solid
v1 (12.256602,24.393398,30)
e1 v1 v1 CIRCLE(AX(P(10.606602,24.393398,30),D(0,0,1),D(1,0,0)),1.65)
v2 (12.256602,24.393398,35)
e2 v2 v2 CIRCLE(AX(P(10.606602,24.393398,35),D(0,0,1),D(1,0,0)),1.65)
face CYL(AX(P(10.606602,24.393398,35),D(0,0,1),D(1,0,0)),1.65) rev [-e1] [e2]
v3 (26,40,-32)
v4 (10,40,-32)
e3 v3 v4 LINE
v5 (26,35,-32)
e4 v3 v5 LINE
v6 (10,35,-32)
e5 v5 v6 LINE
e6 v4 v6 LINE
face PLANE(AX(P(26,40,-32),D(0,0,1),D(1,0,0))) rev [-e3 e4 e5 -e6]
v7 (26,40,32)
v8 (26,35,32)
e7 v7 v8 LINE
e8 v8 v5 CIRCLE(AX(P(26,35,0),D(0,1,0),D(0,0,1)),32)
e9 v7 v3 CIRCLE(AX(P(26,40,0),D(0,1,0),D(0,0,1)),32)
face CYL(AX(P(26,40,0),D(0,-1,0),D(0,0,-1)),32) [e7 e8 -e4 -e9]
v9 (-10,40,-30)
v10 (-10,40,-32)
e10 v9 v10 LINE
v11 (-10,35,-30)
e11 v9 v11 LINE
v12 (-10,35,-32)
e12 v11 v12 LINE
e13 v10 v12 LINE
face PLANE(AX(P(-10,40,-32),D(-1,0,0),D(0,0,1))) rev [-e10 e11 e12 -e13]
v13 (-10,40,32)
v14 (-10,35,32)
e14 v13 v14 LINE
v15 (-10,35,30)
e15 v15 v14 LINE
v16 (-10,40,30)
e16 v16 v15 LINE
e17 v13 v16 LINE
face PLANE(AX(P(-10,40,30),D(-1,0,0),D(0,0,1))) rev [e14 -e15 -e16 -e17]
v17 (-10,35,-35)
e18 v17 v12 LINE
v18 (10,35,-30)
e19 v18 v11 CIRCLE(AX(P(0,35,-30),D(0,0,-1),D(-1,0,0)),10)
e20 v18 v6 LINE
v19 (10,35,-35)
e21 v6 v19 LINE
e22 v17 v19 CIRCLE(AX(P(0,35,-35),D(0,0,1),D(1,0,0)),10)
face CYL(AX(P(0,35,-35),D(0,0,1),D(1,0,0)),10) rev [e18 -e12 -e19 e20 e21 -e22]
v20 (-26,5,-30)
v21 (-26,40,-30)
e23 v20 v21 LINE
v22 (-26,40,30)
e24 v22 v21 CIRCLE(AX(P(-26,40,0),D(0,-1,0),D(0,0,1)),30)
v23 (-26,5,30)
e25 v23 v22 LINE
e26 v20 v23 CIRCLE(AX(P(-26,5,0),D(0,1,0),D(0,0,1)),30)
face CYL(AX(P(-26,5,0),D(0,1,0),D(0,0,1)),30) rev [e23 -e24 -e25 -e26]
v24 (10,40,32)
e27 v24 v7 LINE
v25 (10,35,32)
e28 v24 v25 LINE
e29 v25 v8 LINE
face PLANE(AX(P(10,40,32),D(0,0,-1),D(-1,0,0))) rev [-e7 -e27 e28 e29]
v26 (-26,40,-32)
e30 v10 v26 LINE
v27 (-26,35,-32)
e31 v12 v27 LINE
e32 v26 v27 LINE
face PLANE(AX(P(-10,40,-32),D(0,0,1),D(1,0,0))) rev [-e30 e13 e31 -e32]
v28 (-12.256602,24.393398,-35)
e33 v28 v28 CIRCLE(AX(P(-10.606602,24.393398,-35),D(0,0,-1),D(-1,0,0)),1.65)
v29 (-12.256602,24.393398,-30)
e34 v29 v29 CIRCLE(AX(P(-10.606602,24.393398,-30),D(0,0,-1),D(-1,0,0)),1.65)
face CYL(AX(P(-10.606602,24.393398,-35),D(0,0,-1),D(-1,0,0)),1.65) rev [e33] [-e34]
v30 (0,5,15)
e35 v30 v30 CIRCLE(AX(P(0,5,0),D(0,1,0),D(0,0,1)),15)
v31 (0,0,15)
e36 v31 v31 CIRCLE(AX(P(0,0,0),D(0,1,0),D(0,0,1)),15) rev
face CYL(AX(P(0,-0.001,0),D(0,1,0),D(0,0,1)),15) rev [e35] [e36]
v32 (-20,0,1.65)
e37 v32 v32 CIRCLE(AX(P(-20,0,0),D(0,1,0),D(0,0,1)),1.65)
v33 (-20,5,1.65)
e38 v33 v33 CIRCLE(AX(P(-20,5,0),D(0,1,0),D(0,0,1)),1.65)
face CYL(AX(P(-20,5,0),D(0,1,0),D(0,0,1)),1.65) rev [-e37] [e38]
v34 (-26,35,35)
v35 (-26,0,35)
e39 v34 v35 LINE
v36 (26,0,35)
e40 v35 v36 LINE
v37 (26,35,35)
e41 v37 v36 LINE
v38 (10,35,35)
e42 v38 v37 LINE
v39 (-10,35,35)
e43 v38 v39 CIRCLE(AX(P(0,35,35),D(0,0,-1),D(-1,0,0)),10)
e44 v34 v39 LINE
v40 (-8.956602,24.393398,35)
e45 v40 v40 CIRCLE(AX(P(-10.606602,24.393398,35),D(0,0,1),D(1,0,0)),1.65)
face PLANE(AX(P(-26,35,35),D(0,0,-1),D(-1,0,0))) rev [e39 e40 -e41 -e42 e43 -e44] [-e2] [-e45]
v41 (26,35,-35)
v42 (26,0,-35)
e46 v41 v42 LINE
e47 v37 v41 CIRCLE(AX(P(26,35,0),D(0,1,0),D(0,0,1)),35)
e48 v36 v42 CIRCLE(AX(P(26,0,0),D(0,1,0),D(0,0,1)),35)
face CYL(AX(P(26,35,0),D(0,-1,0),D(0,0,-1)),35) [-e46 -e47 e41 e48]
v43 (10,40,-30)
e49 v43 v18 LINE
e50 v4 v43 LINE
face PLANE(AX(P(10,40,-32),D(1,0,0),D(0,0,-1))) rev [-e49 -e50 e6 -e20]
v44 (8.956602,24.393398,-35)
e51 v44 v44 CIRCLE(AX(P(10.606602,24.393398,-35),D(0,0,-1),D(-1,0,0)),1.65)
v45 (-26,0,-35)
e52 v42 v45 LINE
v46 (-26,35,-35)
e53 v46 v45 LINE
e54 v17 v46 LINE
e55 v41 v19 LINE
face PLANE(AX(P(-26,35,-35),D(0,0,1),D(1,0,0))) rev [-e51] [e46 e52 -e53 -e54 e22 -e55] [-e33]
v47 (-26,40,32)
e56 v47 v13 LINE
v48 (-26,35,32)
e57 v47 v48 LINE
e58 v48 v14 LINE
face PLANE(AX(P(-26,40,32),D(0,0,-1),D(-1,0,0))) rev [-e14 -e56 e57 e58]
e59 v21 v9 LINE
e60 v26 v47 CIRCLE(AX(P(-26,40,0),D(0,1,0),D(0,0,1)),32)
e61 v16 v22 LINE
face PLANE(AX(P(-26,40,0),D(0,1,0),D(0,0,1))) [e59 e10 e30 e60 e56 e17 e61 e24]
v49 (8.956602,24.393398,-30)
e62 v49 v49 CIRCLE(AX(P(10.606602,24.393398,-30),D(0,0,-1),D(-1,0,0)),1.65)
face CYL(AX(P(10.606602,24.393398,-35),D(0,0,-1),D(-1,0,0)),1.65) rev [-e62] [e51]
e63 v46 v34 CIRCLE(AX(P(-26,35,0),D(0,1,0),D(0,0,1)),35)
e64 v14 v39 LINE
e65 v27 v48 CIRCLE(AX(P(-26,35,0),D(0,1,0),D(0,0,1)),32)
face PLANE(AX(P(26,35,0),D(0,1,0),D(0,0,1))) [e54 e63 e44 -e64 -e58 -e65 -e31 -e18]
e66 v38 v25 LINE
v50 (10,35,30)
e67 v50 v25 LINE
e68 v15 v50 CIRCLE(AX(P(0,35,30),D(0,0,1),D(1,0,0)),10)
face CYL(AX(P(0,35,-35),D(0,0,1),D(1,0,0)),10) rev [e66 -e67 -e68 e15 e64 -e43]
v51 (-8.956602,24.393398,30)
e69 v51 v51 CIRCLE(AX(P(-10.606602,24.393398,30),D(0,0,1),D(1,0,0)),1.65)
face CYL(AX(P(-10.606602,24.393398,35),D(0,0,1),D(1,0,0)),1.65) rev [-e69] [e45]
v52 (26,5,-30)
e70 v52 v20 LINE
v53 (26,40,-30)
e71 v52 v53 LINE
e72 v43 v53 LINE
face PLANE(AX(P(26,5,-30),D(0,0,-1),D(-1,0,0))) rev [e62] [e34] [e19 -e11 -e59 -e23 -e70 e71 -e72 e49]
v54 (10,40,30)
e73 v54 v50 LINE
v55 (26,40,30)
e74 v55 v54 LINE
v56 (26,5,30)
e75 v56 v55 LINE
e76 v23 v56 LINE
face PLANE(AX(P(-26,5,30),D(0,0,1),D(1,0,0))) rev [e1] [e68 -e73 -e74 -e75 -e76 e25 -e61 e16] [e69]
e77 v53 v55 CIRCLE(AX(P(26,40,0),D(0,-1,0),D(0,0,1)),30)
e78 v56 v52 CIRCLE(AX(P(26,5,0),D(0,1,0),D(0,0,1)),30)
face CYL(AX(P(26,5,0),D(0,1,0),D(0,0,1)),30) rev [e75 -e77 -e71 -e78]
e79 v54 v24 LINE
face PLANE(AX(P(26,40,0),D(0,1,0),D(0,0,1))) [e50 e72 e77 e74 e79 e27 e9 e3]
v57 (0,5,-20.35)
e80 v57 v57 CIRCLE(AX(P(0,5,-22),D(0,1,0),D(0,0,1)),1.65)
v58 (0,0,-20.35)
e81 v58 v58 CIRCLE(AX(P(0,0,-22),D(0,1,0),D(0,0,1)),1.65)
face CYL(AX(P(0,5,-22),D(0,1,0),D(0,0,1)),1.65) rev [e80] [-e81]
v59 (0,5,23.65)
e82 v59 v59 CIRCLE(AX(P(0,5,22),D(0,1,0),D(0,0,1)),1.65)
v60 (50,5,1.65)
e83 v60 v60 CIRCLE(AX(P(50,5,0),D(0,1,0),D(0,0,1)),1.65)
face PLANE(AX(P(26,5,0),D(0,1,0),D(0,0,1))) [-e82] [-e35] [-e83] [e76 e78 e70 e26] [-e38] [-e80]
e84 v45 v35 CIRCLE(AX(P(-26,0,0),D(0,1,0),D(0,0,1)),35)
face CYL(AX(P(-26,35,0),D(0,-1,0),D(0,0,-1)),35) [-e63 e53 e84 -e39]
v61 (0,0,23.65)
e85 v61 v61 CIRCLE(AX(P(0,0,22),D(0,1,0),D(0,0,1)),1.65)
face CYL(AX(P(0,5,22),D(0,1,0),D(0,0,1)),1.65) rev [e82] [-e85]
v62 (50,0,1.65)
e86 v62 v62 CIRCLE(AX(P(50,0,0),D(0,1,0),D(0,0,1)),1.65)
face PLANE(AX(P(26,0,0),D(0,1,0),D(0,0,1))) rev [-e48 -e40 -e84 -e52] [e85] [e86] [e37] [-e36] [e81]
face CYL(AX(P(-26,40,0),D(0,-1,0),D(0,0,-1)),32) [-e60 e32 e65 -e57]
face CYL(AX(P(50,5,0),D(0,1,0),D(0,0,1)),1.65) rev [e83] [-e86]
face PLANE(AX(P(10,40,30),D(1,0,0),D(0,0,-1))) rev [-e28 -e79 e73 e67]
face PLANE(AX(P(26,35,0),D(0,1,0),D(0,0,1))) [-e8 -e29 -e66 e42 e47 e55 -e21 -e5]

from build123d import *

# Parameters (mm, degrees)
EXTRUDE_1_DEPTH          = 35
CUT_EXTRUDE_1_DEPTH      = 30
SKETCH_3_R               = 10
CUT_EXTRUDE_2_DEPTH      = 1
CUT_EXTRUDE_2_DEPTH_BACK = 71
CUT_EXTRUDE_3_REACH      = 7
SKETCH_4_R               = 15
EXTRUDE_2_DEPTH          = 5
HOLE_WIZARD_M4_1_D       = 3.3
HOLE_WIZARD_M4_1_DEPTH   = 5
HOLE_WIZARD_M4_2_D       = 3.3
HOLE_WIZARD_M4_2_DEPTH   = 5
HOLE_WIZARD_M4_3_D       = 3.3


with BuildPart() as part:
    # 스케치1 → 보스-돌출1 (new body)
    with BuildSketch(Plane(origin=(0, 0, 0), x_dir=(1, 0, 0), z_dir=(0, 1, 0))):
        with BuildLine():
            Line((-26, 35), (26, 35))
            ThreePointArc((26, 35), (61, 0), (26, -35))
            Line((26, -35), (-26, -35))
            ThreePointArc((-26, -35), (-61, 0), (-26, 35))
        make_face()
    extrude(amount=EXTRUDE_1_DEPTH)

    # 스케치2 → 컷-돌출1 (cut)
    with BuildSketch(Plane(origin=(0, 35, 0), x_dir=(1, 0, 0), z_dir=(0, 1, 0))):
        with BuildLine():
            Line((26, 30), (-26, 30))
            ThreePointArc((-26, 30), (-56, 0), (-26, -30))
            Line((-26, -30), (26, -30))
            ThreePointArc((26, -30), (56, 0), (26, 30))
        make_face()
    extrude(amount=-CUT_EXTRUDE_1_DEPTH, mode=Mode.SUBTRACT)

    # 스케치3 → 컷-돌출2 (cut, two sides)
    with BuildSketch(Plane.XY.offset(35)) as cut_extrude_2_sk:
        with Locations((0, 35)):
            Circle(SKETCH_3_R)
    extrude(amount=CUT_EXTRUDE_2_DEPTH, mode=Mode.SUBTRACT)
    extrude(cut_extrude_2_sk.sketch, amount=-CUT_EXTRUDE_2_DEPTH_BACK, mode=Mode.SUBTRACT)

    # 스케치4 → 컷-돌출3 (cut, up to next)
    with BuildSketch(Plane(origin=(0, 5, 0), x_dir=(1, 0, 0), z_dir=(0, 1, 0)), mode=Mode.PRIVATE) as cut_extrude_3_sk1:
        Circle(SKETCH_4_R)
    cut_extrude_3_tool1 = extrude(cut_extrude_3_sk1.sketch, amount=-CUT_EXTRUDE_3_REACH, mode=Mode.PRIVATE) & part.part
    add(cut_extrude_3_tool1.solids().sort_by_distance((0, 5, 0))[0], mode=Mode.SUBTRACT)

    # 스케치5 → 보스-돌출2 (add)
    with BuildSketch(Plane(origin=(0, 35, 0), x_dir=(1, 0, 0), z_dir=(0, 1, 0))):
        with BuildLine():
            Line((-10, 32), (-26, 32))
            ThreePointArc((-26, 32), (-58, 0), (-26, -32))
            Line((-26, -32), (-10, -32))
            Line((-10, -32), (-10, -30))
            Line((-10, -30), (-26, -30))
            ThreePointArc((-26, -30), (-56, 0), (-26, 30))
            Line((-26, 30), (-10, 30))
            Line((-10, 30), (-10, 32))
        make_face()
        with BuildLine():
            Line((10, -32), (26, -32))
            ThreePointArc((26, -32), (58, 0), (26, 32))
            Line((26, 32), (10, 32))
            Line((10, 32), (10, 30))
            Line((10, 30), (26, 30))
            ThreePointArc((26, 30), (56, 0), (26, -30))
            Line((26, -30), (10, -30))
            Line((10, -30), (10, -32))
        make_face()
    extrude(amount=EXTRUDE_2_DEPTH)

    # M4 나사 구멍1
    with Locations(Plane.XY.offset(35)):
        with Locations((-10.606601718, 24.393398282), (10.606601718, 24.393398282)):
            Hole(HOLE_WIZARD_M4_1_D / 2, depth=HOLE_WIZARD_M4_1_DEPTH)

    # M4 나사 구멍2
    with Locations(Plane(origin=(0, 0, -35), x_dir=(-1, 0, 0), z_dir=(0, 0, -1))):
        with Locations((-10.606601718, 24.393398282), (10.606601718, 24.393398282)):
            Hole(HOLE_WIZARD_M4_2_D / 2, depth=HOLE_WIZARD_M4_2_DEPTH)

    # M4 나사 구멍3 (through all)
    with Locations(Plane(origin=(0, 5, 0), x_dir=(1, 0, 0), z_dir=(0, 1, 0))):
        with Locations((0, 22), (-20, 0), (50, 0), (0, -22)):
            Hole(HOLE_WIZARD_M4_3_D / 2)


solid = part.part
